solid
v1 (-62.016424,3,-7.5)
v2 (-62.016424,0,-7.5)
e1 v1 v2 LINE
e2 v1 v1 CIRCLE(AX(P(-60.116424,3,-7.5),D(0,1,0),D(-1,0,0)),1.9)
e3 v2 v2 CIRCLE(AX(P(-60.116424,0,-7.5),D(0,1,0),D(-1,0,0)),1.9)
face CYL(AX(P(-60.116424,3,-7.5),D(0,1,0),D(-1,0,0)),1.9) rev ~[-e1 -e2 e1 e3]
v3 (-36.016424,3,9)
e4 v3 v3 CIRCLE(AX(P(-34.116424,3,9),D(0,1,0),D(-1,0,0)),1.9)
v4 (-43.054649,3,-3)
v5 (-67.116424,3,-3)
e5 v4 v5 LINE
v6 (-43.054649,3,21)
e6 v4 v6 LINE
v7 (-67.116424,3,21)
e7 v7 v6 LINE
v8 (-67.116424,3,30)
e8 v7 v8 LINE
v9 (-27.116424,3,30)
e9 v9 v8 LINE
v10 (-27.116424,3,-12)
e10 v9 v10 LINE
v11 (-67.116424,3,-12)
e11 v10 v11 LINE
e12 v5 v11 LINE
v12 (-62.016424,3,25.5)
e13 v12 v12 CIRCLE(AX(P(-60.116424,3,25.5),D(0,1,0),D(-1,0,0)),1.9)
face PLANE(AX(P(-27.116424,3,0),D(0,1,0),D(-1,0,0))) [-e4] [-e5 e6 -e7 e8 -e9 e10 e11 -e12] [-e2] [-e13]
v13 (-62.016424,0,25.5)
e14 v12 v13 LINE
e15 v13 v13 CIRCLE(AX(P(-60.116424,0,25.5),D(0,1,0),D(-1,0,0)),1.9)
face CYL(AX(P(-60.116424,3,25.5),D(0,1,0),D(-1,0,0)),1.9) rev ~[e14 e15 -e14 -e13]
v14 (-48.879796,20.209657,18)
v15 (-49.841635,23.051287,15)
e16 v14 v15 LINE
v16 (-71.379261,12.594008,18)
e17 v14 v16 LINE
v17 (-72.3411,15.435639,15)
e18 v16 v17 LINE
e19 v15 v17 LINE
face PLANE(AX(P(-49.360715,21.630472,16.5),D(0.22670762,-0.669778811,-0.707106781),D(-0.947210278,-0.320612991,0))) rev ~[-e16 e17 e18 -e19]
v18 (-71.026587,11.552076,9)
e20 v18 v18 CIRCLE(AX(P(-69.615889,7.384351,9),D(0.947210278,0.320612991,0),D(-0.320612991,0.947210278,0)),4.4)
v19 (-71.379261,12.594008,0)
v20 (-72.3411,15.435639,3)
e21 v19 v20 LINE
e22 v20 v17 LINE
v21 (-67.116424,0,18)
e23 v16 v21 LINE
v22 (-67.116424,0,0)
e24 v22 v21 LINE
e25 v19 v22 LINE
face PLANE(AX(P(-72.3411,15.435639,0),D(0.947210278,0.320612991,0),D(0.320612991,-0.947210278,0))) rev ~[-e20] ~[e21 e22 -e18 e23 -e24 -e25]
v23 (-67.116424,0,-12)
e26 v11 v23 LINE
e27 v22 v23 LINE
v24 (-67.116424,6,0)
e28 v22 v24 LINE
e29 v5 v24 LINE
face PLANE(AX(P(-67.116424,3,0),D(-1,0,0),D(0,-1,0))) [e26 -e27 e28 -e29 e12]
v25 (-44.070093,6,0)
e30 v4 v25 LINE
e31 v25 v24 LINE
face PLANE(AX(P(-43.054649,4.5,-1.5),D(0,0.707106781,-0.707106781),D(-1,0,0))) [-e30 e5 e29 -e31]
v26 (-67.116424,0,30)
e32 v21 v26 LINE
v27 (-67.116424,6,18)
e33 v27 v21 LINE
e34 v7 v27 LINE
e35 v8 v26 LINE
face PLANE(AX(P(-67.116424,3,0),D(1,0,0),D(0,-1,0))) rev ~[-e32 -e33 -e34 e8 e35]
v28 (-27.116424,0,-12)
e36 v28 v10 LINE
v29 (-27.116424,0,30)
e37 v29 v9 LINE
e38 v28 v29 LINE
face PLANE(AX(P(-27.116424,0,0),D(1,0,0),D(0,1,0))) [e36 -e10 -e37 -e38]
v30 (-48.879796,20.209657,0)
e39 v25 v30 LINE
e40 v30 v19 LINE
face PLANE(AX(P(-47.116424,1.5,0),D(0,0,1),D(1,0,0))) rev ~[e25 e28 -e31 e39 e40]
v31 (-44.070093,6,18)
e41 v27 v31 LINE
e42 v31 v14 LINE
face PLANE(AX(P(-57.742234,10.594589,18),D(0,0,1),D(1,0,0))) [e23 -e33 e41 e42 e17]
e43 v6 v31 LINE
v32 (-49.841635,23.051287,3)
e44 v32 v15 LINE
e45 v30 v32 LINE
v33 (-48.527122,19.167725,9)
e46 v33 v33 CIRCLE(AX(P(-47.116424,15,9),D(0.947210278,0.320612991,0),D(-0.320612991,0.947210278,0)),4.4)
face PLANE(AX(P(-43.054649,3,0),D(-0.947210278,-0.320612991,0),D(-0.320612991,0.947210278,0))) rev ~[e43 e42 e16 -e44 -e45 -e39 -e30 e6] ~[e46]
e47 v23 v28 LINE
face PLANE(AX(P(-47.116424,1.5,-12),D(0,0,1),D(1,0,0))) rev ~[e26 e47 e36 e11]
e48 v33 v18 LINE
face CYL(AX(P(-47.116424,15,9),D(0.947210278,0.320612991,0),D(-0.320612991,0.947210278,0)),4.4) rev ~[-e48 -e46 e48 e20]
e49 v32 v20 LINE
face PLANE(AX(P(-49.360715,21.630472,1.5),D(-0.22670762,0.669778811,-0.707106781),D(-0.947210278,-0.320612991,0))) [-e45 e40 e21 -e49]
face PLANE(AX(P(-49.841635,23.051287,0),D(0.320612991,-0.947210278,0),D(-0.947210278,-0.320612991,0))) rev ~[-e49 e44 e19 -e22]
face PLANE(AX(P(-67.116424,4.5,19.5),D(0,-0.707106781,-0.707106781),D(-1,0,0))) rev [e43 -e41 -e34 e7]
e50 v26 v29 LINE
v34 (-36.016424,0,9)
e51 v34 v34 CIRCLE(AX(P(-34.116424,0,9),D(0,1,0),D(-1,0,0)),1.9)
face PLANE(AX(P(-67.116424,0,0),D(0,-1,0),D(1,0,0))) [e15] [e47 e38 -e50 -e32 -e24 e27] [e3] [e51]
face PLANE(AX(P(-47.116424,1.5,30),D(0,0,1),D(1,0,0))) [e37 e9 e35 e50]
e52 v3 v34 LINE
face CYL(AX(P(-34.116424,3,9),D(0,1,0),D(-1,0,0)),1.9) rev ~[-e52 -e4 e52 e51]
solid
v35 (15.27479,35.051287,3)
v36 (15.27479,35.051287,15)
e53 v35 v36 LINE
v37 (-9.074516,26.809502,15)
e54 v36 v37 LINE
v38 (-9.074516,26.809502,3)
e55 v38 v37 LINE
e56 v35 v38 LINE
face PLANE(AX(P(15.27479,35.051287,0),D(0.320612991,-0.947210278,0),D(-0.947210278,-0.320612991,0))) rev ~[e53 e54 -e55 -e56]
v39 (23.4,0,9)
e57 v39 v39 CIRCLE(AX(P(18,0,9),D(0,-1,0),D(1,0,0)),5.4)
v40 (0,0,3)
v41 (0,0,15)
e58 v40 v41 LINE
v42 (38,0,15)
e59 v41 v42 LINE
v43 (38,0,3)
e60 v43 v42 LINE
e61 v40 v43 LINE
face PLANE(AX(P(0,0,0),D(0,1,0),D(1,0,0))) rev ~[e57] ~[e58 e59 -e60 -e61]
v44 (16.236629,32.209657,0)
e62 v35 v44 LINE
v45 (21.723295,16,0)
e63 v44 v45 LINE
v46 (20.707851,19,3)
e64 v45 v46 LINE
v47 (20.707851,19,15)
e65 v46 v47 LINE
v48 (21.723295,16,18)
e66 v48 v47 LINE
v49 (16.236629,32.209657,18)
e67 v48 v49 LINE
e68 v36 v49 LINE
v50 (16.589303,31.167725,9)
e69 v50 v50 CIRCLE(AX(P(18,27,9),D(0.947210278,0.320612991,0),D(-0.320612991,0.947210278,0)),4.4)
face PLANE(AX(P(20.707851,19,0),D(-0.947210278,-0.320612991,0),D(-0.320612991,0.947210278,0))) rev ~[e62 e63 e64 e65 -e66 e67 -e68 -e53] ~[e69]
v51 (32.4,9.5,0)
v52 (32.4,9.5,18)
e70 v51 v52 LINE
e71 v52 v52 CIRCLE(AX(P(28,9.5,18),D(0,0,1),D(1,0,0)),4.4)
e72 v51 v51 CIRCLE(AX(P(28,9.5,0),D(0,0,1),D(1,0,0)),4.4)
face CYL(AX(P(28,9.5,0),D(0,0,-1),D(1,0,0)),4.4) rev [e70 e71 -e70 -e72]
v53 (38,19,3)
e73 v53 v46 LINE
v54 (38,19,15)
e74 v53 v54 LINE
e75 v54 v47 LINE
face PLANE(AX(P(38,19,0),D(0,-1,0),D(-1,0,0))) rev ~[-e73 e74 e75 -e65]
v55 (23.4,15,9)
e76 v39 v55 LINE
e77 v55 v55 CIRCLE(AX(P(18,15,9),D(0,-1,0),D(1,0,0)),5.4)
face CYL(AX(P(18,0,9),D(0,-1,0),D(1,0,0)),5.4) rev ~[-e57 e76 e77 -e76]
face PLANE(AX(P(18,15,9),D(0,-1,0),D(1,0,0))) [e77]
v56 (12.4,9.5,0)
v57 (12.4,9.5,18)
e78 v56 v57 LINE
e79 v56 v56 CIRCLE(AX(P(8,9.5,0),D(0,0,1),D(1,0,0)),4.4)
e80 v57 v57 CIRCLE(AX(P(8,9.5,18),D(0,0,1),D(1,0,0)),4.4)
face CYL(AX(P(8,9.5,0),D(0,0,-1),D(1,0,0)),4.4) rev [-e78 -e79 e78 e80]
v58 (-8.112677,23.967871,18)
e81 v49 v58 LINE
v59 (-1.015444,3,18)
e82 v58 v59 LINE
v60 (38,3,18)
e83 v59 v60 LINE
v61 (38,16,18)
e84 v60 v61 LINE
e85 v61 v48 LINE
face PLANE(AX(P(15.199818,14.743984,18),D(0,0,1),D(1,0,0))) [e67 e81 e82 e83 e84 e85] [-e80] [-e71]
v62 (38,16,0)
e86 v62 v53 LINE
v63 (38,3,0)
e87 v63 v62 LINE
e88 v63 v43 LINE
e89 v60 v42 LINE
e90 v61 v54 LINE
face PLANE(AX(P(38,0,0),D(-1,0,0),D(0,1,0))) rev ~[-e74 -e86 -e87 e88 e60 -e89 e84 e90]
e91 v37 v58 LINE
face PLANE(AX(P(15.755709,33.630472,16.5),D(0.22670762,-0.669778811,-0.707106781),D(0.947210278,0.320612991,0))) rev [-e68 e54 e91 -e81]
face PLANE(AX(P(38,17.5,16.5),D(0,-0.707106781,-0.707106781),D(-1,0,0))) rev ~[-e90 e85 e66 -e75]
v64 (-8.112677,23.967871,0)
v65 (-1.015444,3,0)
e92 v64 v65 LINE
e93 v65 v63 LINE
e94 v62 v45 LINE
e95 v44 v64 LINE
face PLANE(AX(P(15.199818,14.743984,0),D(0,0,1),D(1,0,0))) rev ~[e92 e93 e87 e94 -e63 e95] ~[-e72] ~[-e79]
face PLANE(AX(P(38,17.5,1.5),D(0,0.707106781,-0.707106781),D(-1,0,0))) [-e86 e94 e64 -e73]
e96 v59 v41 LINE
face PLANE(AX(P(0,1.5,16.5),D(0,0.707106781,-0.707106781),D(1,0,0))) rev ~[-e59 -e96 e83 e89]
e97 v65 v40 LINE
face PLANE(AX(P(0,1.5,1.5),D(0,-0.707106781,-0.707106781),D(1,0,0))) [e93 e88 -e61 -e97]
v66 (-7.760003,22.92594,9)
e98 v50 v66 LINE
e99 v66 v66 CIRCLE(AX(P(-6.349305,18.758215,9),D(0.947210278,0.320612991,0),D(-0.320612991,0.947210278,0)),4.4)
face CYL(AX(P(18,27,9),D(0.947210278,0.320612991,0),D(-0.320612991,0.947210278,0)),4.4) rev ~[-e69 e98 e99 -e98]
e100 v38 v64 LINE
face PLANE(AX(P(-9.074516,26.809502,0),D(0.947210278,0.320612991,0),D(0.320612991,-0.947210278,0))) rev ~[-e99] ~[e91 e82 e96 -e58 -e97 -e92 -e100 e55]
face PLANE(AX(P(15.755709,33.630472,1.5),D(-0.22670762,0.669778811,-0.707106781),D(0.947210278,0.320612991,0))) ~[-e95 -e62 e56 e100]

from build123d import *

# Parameters (mm, degrees)
F0_R          = 4.4
F1_DEPTH      = 18
F2_R          = 5.4
F3_DEPTH      = 15
F4_R          = 4.4
F5_DEPTH      = 55
F6_SIZE       = 3
F7_DEPTH      = 18
F8_DEPTH      = 30
F8_DEPTH_BACK = 12
F9_R          = 4.4
F10_DEPTH     = 45
F11_SIZE      = 3
F12_R         = 1.9
F13_DEPTH     = 25


with BuildPart() as f1:
    # F0 (on Top) → F1 (new body)
    with BuildSketch(Plane.XY):
        Polygon((-9.0745158411, 26.8095021806), (0, 0), (38, 0), (38, 19), (20.7078506061, 19), (15.27478958, 35.0512873608), align=None)
        with Locations((8, 9.5)):
            Circle(F0_R, mode=Mode.SUBTRACT)
        with Locations((28, 9.5)):
            Circle(F0_R, mode=Mode.SUBTRACT)
    extrude(amount=F1_DEPTH)

    # F2 (on Front) → F3 (cut)
    with BuildSketch(Plane.XZ):
        with Locations((18, 9)):
            Circle(F2_R)
    extrude(amount=-F3_DEPTH, mode=Mode.SUBTRACT)

    # F4 (on face) → F5 (cut)
    with BuildSketch(Plane(origin=(24.3493054211, 8.2417851803, 0), x_dir=(-0.3206129906, 0.9472102777, 0), z_dir=(0.9472102777, 0.3206129906, 0))):
        with Locations((19.8036436686, 9)):
            Circle(F4_R)
    extrude(amount=-F5_DEPTH, mode=Mode.SUBTRACT)

    # F6
    f6_edges = [f1.edges().sort_by_distance(p)[0] for p in [
        (3.100137, 30.930395, 18),
        (3.100137, 30.930395, 0),
        (29.353925, 19, 18),
        (29.353925, 19, 0),
        (19, 0, 18),
        (19, 0, 0),
    ]]
    chamfer(f6_edges, length=F6_SIZE)


with BuildPart() as f7:
    # F0 (on Top) → F7 (new body)
    with BuildSketch(Plane.XY):
        Polygon((-72.3410998646, 15.4356386176), (-67.1164244413, 0), (-67.1164244413, 3), (-43.0546485322, 3), (-49.8416348613, 23.0512873608), align=None)
    extrude(amount=F7_DEPTH)

    # F0 (on Top) → F8 (join, two sides)
    with BuildSketch(Plane.XY) as f8_sk:
        Polygon((-67.1164244413, 3), (-67.1164244413, 0), (-27.1164244413, 0), (-27.1164244413, 3), (-43.0546485322, 3), align=None)
    extrude(amount=F8_DEPTH)
    extrude(f8_sk.sketch, amount=-F8_DEPTH_BACK)

    # F9 (on face) → F10 (cut)
    with BuildSketch(Plane(origin=(-37.7178816445, -12.7667985839, 0), x_dir=(-0.3206129906, 0.9472102777, 0), z_dir=(0.9472102777, 0.3206129906, 0))):
        with Locations((29.314291912, 9)):
            Circle(F9_R)
    extrude(amount=-F10_DEPTH, mode=Mode.SUBTRACT)

    # F11
    f11_edges = [f7.edges().sort_by_distance(p)[0] for p in [
        (-61.091367, 19.243463, 18),
        (-61.091367, 19.243463, 0),
        (-55.085536, 3, 18),
        (-55.085536, 3, 0),
    ]]
    chamfer(f11_edges, length=F11_SIZE)

    # F12 (on face) → F13 (cut)
    with BuildSketch(Plane(origin=(0, 3, 0), x_dir=(-1, 0, 0), z_dir=(0, 1, 0))):
        with Locations((60.1164244413, -7.5)):
            Circle(F12_R)
        with Locations((60.1164244413, 25.5)):
            Circle(F12_R)
        with Locations((34.1164244413, 9)):
            Circle(F12_R)
    extrude(amount=-F13_DEPTH, mode=Mode.SUBTRACT)


solid = Compound([f1.part, f7.part])
